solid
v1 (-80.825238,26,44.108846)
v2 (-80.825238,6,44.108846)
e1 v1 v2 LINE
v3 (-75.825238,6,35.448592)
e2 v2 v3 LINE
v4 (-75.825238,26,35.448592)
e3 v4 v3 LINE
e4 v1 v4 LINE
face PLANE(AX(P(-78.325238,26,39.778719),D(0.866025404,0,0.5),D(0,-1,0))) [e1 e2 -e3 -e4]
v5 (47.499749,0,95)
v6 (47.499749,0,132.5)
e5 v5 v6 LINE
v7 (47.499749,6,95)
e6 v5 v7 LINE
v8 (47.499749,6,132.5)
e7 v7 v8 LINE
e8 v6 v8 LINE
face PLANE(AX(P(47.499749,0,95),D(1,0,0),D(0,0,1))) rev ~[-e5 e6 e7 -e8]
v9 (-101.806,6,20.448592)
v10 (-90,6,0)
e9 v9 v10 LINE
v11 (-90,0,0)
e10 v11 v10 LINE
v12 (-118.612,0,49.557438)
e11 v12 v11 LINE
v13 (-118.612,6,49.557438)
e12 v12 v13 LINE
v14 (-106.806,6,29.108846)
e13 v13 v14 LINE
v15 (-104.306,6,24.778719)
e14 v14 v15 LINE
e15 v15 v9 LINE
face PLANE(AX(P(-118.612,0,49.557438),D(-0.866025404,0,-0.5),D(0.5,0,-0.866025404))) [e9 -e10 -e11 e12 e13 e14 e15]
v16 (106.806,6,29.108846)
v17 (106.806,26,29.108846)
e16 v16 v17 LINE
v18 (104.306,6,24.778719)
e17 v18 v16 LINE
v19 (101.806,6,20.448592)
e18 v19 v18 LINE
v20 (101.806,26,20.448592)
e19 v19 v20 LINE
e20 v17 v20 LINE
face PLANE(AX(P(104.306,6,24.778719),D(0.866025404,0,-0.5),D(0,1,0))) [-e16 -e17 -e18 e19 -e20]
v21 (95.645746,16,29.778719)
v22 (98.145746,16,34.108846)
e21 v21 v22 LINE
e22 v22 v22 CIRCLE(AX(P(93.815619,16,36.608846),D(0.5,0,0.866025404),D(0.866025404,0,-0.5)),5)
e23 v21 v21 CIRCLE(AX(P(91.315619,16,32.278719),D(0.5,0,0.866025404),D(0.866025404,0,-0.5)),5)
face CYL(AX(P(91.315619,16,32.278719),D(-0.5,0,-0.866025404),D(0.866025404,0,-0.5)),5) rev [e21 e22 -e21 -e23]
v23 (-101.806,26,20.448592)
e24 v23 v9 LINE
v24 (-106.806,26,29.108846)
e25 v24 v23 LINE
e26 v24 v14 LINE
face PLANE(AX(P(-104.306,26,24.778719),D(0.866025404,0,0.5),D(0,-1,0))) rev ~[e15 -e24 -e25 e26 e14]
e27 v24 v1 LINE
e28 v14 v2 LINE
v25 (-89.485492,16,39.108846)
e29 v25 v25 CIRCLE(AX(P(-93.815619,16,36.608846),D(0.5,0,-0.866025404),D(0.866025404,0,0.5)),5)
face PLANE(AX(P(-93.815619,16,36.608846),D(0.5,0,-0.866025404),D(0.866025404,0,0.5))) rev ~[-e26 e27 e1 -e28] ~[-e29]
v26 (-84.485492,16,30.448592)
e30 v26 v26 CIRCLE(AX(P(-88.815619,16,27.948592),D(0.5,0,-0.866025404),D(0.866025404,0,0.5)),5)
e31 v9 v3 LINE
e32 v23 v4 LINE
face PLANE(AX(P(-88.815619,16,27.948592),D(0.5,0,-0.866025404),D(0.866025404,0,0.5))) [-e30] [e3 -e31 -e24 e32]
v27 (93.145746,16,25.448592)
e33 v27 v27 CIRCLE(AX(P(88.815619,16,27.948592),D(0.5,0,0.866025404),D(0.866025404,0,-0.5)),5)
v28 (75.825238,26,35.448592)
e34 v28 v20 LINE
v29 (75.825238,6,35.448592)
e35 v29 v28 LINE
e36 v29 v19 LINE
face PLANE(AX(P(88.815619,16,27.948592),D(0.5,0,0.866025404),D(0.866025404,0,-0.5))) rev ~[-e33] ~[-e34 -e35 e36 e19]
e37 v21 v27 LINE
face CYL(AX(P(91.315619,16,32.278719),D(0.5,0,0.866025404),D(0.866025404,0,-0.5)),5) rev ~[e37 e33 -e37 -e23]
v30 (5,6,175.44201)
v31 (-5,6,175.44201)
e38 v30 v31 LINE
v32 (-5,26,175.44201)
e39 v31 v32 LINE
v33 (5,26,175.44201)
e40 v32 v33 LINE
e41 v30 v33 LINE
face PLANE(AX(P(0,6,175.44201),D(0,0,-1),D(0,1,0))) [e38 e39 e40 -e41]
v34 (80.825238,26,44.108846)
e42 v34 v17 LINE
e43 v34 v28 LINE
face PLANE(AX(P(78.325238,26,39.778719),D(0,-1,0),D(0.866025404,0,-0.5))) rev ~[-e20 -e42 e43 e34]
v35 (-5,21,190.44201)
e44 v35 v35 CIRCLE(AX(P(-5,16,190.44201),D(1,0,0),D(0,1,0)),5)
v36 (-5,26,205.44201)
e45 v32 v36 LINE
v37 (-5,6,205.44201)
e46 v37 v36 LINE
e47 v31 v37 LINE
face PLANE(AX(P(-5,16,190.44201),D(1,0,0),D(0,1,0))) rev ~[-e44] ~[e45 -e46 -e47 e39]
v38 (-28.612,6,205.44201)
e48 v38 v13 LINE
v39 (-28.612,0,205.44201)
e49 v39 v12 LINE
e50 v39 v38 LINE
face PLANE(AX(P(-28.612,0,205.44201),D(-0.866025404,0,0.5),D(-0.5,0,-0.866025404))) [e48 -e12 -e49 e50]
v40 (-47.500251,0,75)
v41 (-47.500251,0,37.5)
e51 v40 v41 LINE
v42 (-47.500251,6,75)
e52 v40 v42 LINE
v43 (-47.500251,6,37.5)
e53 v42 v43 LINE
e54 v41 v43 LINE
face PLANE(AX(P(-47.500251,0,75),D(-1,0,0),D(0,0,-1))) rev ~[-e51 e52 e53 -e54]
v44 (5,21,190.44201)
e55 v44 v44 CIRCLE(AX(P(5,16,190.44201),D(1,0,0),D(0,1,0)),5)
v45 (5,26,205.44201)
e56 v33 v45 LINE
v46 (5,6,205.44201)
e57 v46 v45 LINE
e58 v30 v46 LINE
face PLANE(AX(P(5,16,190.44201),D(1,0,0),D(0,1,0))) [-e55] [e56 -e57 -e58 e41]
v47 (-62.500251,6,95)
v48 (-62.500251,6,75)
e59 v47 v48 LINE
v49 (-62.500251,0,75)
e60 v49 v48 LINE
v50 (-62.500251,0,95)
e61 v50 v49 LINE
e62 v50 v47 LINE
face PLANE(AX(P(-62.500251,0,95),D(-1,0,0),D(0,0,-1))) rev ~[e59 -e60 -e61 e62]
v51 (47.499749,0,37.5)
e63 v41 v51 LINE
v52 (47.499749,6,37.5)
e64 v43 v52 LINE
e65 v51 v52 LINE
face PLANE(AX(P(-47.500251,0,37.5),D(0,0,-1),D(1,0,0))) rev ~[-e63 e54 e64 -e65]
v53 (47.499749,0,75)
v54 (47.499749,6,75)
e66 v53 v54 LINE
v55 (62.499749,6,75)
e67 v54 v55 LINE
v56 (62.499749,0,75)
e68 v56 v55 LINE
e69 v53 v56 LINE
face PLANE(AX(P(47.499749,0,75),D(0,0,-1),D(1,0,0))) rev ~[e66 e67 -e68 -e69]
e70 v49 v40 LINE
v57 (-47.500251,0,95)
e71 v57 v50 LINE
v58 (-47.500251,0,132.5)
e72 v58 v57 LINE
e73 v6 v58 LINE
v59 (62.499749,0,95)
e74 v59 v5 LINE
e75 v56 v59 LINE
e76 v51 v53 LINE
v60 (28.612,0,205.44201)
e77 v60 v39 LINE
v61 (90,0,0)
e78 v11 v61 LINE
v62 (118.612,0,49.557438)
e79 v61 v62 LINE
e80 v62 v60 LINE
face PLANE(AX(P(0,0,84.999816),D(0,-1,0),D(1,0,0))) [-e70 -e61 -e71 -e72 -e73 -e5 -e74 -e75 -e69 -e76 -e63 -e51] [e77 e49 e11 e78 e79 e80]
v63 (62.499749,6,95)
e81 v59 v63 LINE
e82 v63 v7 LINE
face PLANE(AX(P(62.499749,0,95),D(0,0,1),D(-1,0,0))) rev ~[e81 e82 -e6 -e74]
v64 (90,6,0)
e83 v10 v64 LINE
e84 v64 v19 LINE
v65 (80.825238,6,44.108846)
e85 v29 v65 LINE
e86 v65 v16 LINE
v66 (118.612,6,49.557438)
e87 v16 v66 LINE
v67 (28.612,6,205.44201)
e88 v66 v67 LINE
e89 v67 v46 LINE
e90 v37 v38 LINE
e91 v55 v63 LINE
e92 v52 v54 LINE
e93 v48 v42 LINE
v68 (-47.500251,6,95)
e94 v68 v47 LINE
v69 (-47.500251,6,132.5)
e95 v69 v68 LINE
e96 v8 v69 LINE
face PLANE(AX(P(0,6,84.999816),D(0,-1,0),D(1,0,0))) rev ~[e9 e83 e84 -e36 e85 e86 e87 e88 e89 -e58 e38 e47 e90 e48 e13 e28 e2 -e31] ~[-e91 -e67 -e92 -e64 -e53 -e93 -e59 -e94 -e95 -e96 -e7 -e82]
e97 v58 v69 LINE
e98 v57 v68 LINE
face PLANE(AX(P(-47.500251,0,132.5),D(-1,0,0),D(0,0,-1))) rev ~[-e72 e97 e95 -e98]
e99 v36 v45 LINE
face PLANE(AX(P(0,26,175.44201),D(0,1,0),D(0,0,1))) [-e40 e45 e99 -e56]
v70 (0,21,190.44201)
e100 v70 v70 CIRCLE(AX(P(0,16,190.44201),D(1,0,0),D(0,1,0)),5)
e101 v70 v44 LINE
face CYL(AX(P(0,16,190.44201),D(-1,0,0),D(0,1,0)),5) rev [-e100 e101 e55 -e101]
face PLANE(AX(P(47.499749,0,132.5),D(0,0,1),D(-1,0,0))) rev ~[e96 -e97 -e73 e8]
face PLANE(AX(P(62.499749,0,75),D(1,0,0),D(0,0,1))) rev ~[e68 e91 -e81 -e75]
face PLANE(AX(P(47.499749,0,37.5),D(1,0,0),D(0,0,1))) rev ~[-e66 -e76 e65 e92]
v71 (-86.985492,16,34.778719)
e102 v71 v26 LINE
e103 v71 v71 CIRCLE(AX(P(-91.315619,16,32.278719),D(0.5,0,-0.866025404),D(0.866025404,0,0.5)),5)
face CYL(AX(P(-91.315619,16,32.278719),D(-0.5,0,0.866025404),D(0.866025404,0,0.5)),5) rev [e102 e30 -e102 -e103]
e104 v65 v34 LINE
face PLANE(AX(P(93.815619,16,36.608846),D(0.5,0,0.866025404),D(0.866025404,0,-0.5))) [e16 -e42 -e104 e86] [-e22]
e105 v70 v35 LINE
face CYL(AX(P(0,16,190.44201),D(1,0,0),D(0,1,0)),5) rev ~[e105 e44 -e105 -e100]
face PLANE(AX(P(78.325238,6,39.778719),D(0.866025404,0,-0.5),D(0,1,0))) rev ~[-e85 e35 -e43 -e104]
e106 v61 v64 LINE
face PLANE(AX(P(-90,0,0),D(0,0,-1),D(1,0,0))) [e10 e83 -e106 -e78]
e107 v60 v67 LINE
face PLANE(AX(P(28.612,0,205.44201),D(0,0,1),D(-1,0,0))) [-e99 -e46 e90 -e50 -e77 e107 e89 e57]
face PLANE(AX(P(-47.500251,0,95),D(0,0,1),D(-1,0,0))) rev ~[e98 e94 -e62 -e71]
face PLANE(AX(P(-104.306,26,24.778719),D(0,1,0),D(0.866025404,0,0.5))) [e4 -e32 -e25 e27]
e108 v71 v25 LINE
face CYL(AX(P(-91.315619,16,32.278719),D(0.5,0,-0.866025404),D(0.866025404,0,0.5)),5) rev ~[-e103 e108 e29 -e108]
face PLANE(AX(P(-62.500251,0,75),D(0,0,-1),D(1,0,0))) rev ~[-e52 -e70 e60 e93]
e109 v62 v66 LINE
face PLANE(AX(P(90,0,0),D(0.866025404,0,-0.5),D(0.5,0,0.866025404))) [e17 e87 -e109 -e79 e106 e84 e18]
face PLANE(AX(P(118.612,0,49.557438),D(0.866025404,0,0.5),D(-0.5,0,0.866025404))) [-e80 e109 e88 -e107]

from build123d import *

# Parameters (mm, degrees)
F1_DEPTH       = 6
F3_DEPTH       = 25
F4_W           = 20
F4_H           = 30
F4_R           = 5
F5_DEPTH       = 5
F5_DEPTH_BACK  = 5
F10_W          = 30
F10_H          = 20
F10_R          = 5
F11_DEPTH      = 5
F11_DEPTH_BACK = 5
F16_W          = 30
F16_H          = 20
F16_R          = 5
F17_DEPTH      = 5
F17_DEPTH_BACK = 5


with BuildPart() as f1:
    # F0 (on Front) → F1 (new body)
    with BuildSketch(Plane.XZ):
        Polygon((28.612, 205.4420103874), (-28.612, 205.4420103874), (-118.612, 49.5574377062), (-90, 0), (90, 0), (118.612, 49.5574377062), align=None)
    extrude(amount=-F1_DEPTH)

    # F2 (on Front) → F3 (cut)
    with BuildSketch(Plane.XZ):
        Polygon((47.4997490062, 132.5), (-47.5002509938, 132.5), (-47.5002509938, 95), (-62.5002509938, 95), (-62.5002509938, 75), (-47.5002509938, 75), (-47.5002509938, 37.5), (47.4997490062, 37.5), (47.4997490062, 75), (62.4997490062, 75), (62.4997490062, 95), (47.4997490062, 95), align=None)
    extrude(amount=-F3_DEPTH, mode=Mode.SUBTRACT)

    # F4 (on Right) → F5 (join, two sides)
    with BuildSketch(Plane.YZ) as f5_sk:
        with Locations((16, 190.4420103874)):
            Rectangle(F4_W, F4_H)
        with Locations((16, 190.4420103874)):
            Circle(F4_R, mode=Mode.SUBTRACT)
    extrude(amount=F5_DEPTH)
    extrude(f5_sk.sketch, amount=-F5_DEPTH_BACK)

    # F10 (on 3pt) → F11 (join, two sides)
    with BuildSketch(Plane(origin=(36.806, 0, 63.7498620234), x_dir=(0.8660254038, 0, -0.5), z_dir=(0.5, 0, 0.8660254038))) as f11_sk:
        with Locations((62.9422863406, 16)):
            Rectangle(F10_W, F10_H)
        with Locations((62.9422863406, 16)):
            Circle(F10_R, mode=Mode.SUBTRACT)
    extrude(amount=F11_DEPTH)
    extrude(f11_sk.sketch, amount=-F11_DEPTH_BACK)

    # F16 (on 3pt) → F17 (join, two sides)
    with BuildSketch(Plane(origin=(-36.806, 0, 63.7498620234), x_dir=(0.8660254038, 0, 0.5), z_dir=(0.5, 0, -0.8660254038))) as f17_sk:
        with Locations((-62.9422863406, -16)):
            Rectangle(F16_W, F16_H)
        with Locations((-62.9422863406, -16)):
            Circle(F16_R, mode=Mode.SUBTRACT)
    extrude(amount=F17_DEPTH)
    extrude(f17_sk.sketch, amount=-F17_DEPTH_BACK)


solid = f1.part
